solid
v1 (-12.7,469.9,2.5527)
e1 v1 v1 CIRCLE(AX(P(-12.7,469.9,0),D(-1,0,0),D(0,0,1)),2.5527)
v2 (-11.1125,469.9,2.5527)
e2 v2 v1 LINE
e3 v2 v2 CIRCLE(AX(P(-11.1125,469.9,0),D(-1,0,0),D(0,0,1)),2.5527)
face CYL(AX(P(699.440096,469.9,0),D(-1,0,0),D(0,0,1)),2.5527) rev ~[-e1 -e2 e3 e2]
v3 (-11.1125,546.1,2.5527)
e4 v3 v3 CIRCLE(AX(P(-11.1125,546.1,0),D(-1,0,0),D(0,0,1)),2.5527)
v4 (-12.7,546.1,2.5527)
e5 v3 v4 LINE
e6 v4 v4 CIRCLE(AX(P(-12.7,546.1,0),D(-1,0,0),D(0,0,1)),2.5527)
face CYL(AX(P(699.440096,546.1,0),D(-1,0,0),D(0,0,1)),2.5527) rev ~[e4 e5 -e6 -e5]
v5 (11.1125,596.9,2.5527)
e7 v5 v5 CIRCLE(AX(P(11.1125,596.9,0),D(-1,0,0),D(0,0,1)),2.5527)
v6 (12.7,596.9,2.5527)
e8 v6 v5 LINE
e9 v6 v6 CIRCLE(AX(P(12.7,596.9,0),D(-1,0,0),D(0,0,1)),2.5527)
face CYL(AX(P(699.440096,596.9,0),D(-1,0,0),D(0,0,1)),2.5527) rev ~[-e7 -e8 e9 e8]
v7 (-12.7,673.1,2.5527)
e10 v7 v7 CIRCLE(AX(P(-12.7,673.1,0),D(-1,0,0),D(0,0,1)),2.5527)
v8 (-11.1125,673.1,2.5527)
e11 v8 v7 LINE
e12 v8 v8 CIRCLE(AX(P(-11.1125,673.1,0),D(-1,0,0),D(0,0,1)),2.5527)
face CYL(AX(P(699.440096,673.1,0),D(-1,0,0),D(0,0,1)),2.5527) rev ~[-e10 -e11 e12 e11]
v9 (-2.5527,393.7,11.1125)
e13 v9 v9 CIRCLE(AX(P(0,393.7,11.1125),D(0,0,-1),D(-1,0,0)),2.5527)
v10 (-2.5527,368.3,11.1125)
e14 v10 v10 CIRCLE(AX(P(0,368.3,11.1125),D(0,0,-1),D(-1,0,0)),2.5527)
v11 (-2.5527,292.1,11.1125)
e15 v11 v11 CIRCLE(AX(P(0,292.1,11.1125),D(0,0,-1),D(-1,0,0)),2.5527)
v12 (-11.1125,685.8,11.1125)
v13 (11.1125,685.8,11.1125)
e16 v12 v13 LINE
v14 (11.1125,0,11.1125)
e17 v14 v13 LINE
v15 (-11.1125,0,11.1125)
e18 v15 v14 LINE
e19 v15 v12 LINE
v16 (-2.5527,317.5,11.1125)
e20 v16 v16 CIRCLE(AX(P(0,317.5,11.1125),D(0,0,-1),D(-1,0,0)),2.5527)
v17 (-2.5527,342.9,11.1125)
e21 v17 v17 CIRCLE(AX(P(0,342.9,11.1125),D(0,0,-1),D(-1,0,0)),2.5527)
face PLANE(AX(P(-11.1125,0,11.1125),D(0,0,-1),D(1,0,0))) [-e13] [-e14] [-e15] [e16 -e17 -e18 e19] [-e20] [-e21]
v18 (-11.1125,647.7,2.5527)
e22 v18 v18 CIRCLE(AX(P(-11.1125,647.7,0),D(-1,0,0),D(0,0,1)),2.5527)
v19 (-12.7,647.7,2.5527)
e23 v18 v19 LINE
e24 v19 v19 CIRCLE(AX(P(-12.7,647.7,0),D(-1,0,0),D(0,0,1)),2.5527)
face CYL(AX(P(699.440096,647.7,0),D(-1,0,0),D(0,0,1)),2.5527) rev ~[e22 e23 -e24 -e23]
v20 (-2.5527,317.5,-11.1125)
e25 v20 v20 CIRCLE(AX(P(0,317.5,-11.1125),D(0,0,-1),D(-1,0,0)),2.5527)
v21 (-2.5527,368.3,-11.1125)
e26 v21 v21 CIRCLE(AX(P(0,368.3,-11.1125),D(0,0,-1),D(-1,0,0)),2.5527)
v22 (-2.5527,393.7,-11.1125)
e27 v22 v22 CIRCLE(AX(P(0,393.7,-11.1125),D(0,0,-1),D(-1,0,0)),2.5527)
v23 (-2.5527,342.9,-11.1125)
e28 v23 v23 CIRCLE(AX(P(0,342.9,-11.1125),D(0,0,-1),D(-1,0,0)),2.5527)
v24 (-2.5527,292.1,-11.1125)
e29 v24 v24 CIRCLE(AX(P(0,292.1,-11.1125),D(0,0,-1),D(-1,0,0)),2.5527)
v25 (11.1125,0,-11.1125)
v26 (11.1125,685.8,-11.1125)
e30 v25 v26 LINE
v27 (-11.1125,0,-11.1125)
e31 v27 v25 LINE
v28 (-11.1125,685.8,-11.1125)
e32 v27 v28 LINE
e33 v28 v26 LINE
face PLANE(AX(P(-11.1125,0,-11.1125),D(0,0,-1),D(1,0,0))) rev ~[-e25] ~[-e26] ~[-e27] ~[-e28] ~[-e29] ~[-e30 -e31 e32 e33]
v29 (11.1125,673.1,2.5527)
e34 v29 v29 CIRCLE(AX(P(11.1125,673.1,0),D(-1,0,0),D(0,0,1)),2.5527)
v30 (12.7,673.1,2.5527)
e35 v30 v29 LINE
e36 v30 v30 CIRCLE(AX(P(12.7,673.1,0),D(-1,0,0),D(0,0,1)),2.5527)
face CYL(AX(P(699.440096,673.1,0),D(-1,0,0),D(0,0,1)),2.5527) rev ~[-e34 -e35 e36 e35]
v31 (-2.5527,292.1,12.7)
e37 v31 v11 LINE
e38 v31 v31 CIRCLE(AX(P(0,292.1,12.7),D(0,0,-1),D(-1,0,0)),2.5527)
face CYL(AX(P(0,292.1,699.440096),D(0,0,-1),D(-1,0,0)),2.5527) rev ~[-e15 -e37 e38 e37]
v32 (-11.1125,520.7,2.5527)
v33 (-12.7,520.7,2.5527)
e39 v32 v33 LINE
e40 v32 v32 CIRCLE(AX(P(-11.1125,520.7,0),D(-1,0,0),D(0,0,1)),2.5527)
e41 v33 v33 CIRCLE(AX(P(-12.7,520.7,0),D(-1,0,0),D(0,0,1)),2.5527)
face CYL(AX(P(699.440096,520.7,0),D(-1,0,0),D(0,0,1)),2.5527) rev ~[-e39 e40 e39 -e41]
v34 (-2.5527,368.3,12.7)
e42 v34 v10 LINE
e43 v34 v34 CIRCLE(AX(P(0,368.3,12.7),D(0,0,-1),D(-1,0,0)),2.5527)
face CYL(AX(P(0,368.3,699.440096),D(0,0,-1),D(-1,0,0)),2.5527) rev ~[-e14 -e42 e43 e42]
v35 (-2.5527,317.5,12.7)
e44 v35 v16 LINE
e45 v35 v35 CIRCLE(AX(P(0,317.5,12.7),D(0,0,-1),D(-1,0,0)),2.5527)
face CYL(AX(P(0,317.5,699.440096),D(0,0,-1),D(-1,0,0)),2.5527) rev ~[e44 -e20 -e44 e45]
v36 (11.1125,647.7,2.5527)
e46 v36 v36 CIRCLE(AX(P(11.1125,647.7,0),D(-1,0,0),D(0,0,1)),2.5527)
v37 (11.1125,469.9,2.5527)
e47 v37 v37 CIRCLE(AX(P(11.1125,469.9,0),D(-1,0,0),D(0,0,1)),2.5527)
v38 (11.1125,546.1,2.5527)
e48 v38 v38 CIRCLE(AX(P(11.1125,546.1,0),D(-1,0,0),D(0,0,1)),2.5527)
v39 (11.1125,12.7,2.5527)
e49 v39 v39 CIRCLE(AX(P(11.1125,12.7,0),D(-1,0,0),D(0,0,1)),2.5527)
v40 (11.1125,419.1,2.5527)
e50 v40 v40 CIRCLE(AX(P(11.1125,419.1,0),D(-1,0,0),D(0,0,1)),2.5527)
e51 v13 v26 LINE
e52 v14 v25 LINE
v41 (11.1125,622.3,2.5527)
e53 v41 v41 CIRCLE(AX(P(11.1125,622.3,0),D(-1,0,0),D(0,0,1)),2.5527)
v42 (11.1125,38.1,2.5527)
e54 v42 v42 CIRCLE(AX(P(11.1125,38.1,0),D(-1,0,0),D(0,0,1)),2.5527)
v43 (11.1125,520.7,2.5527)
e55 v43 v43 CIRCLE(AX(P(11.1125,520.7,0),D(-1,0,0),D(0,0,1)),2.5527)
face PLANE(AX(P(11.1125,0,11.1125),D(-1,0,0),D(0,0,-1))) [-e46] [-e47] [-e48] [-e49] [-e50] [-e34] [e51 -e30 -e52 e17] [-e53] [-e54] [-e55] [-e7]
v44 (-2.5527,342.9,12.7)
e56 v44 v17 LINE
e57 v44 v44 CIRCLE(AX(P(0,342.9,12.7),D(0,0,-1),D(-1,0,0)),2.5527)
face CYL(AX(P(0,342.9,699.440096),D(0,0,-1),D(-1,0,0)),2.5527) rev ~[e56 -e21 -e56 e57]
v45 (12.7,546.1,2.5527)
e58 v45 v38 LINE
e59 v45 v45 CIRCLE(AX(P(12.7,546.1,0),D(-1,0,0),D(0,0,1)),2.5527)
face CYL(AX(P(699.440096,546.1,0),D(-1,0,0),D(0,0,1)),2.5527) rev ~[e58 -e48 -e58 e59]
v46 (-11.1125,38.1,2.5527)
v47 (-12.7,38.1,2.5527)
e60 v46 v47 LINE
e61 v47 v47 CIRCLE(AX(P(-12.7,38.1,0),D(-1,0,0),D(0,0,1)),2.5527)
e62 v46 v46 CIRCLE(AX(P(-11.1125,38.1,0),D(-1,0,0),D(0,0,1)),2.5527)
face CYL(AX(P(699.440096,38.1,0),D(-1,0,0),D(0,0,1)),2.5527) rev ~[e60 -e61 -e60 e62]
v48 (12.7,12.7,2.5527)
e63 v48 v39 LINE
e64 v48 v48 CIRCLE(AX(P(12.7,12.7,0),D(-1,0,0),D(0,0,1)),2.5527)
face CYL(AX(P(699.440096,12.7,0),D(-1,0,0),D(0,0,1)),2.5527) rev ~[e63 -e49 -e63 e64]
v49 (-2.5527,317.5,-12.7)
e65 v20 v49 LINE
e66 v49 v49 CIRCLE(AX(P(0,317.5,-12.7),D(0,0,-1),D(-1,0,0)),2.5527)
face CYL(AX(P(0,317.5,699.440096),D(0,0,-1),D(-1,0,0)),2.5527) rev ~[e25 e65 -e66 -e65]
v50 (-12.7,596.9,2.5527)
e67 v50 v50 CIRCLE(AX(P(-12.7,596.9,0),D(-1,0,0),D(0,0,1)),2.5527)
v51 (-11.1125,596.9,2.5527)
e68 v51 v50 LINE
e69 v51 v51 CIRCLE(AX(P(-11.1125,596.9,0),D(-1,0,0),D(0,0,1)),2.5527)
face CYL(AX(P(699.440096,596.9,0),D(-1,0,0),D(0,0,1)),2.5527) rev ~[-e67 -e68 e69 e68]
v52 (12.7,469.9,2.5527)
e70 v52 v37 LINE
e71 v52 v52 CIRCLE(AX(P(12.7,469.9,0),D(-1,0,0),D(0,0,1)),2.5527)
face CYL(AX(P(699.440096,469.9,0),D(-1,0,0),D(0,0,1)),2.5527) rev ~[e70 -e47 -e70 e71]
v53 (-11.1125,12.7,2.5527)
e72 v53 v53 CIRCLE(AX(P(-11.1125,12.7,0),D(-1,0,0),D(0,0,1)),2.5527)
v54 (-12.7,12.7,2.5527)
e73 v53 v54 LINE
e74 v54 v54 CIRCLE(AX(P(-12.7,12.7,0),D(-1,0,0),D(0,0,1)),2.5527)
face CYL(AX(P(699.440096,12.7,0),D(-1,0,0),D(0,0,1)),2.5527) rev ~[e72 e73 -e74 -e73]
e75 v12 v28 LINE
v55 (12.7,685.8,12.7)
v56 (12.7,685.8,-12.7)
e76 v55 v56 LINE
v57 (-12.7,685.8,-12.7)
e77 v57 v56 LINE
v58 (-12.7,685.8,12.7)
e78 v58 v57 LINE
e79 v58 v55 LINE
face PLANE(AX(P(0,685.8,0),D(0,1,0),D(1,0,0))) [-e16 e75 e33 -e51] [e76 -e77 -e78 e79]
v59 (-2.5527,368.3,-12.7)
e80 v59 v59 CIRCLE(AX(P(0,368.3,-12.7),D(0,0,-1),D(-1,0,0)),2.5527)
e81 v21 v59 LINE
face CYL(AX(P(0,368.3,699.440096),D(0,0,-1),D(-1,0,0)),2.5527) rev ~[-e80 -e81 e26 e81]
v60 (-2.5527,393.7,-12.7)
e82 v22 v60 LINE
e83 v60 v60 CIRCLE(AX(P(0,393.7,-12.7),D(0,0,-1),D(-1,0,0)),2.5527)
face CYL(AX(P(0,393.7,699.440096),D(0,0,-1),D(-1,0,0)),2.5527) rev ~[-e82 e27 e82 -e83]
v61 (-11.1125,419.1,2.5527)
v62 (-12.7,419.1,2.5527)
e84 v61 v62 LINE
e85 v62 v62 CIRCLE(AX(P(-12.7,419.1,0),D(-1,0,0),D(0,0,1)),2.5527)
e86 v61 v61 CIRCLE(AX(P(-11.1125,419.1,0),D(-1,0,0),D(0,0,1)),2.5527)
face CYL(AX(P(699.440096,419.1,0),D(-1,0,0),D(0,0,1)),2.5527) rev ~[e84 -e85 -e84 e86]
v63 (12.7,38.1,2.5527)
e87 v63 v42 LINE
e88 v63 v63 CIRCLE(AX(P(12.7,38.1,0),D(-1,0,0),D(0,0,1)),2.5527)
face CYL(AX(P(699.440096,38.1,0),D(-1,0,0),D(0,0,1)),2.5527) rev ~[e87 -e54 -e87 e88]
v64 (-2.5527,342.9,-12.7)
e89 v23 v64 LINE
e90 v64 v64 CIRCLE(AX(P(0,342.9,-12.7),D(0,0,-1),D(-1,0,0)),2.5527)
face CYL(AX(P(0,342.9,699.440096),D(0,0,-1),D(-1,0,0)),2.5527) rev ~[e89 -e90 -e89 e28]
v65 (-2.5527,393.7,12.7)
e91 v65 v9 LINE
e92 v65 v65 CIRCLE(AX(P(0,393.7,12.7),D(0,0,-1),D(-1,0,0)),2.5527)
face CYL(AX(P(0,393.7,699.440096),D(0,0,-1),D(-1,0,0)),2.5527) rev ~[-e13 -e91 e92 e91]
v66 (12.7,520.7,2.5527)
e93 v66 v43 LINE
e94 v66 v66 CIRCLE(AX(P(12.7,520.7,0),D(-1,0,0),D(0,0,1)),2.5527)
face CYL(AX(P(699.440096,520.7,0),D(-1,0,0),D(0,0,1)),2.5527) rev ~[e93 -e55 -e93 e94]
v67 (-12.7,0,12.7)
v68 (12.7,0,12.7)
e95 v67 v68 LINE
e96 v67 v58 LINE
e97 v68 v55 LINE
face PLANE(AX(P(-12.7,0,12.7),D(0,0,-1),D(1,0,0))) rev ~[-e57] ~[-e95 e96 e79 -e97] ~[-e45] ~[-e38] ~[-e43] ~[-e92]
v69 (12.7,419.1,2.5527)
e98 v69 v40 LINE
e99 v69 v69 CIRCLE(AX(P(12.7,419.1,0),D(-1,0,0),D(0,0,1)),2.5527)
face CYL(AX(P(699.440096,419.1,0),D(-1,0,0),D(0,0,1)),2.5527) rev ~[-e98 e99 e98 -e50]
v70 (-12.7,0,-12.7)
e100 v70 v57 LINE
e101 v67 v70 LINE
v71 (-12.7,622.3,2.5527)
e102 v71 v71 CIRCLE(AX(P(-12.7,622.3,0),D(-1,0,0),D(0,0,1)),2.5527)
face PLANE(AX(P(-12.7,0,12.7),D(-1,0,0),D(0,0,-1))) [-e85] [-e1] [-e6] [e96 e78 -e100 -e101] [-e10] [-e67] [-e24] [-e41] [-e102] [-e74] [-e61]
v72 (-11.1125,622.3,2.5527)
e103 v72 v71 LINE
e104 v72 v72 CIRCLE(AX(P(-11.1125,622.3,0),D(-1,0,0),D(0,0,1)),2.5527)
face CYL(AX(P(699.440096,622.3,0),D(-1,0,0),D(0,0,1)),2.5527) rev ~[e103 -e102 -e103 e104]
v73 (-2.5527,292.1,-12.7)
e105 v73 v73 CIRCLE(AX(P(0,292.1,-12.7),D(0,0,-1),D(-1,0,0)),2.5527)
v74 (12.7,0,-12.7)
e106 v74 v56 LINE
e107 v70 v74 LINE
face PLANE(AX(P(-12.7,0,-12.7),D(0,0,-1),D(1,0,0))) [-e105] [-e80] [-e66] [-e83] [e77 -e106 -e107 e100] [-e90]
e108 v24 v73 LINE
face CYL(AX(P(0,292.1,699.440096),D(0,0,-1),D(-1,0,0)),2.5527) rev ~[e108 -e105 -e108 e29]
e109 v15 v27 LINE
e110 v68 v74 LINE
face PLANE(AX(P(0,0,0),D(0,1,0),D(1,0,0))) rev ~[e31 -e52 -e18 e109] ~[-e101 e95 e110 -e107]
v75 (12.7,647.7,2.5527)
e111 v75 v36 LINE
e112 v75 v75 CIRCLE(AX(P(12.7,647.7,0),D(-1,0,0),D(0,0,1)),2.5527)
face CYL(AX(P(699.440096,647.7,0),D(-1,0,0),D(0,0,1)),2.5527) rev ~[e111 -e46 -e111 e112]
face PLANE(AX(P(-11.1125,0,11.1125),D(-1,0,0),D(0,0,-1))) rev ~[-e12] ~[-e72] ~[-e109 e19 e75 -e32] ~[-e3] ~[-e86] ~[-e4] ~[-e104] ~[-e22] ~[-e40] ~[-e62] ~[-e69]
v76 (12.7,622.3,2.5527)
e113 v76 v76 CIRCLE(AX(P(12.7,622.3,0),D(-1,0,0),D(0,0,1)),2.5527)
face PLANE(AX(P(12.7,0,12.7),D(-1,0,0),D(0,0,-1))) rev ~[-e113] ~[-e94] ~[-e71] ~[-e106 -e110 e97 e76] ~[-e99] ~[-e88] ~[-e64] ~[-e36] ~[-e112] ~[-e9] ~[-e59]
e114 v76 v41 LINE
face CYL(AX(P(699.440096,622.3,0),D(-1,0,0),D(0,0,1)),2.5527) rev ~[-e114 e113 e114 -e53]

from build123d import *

# Parameters (mm, degrees)
SKETCH1_W                  = 25.4
SKETCH1_H                  = 25.4
SKETCH1_W_2                = 22.225
SKETCH1_H_2                = 22.225
BOSS_EXTRUDE1_DEPTH        = 685.8
F_7_0_201_DIAMETER_HOLE1_D = 5.1054
F_7_0_201_DIAMETER_HOLE2_D = 5.1054


with BuildPart() as part:
    # Sketch1 → Boss-Extrude1 (new body)
    with BuildSketch(Plane(origin=(0, 0, 0), x_dir=(1, 0, 0), z_dir=(0, 1, 0))):
        Rectangle(SKETCH1_W, SKETCH1_H)
        Rectangle(SKETCH1_W_2, SKETCH1_H_2, mode=Mode.SUBTRACT)
    extrude(amount=BOSS_EXTRUDE1_DEPTH)

    # #7 (0.201) Diameter Hole1 (through all)
    with Locations(Plane.XY.offset(12.7)):
        with Locations((0, 292.1), (0, 317.5), (0, 342.9), (0, 368.3), (0, 393.7)):
            Hole(F_7_0_201_DIAMETER_HOLE1_D / 2)

    # #7 (0.201) Diameter Hole2 (through all)
    with Locations(Plane(origin=(12.7, 0, 0), x_dir=(0, 0, -1), z_dir=(1, 0, 0))):
        with Locations((0, 12.7), (0, 38.1), (0, 622.3), (0, 647.7), (0, 673.1), (0, 596.9), (0, 546.1), (0, 520.7), (0, 469.9), (0, 419.1)):
            Hole(F_7_0_201_DIAMETER_HOLE2_D / 2)


solid = part.part
